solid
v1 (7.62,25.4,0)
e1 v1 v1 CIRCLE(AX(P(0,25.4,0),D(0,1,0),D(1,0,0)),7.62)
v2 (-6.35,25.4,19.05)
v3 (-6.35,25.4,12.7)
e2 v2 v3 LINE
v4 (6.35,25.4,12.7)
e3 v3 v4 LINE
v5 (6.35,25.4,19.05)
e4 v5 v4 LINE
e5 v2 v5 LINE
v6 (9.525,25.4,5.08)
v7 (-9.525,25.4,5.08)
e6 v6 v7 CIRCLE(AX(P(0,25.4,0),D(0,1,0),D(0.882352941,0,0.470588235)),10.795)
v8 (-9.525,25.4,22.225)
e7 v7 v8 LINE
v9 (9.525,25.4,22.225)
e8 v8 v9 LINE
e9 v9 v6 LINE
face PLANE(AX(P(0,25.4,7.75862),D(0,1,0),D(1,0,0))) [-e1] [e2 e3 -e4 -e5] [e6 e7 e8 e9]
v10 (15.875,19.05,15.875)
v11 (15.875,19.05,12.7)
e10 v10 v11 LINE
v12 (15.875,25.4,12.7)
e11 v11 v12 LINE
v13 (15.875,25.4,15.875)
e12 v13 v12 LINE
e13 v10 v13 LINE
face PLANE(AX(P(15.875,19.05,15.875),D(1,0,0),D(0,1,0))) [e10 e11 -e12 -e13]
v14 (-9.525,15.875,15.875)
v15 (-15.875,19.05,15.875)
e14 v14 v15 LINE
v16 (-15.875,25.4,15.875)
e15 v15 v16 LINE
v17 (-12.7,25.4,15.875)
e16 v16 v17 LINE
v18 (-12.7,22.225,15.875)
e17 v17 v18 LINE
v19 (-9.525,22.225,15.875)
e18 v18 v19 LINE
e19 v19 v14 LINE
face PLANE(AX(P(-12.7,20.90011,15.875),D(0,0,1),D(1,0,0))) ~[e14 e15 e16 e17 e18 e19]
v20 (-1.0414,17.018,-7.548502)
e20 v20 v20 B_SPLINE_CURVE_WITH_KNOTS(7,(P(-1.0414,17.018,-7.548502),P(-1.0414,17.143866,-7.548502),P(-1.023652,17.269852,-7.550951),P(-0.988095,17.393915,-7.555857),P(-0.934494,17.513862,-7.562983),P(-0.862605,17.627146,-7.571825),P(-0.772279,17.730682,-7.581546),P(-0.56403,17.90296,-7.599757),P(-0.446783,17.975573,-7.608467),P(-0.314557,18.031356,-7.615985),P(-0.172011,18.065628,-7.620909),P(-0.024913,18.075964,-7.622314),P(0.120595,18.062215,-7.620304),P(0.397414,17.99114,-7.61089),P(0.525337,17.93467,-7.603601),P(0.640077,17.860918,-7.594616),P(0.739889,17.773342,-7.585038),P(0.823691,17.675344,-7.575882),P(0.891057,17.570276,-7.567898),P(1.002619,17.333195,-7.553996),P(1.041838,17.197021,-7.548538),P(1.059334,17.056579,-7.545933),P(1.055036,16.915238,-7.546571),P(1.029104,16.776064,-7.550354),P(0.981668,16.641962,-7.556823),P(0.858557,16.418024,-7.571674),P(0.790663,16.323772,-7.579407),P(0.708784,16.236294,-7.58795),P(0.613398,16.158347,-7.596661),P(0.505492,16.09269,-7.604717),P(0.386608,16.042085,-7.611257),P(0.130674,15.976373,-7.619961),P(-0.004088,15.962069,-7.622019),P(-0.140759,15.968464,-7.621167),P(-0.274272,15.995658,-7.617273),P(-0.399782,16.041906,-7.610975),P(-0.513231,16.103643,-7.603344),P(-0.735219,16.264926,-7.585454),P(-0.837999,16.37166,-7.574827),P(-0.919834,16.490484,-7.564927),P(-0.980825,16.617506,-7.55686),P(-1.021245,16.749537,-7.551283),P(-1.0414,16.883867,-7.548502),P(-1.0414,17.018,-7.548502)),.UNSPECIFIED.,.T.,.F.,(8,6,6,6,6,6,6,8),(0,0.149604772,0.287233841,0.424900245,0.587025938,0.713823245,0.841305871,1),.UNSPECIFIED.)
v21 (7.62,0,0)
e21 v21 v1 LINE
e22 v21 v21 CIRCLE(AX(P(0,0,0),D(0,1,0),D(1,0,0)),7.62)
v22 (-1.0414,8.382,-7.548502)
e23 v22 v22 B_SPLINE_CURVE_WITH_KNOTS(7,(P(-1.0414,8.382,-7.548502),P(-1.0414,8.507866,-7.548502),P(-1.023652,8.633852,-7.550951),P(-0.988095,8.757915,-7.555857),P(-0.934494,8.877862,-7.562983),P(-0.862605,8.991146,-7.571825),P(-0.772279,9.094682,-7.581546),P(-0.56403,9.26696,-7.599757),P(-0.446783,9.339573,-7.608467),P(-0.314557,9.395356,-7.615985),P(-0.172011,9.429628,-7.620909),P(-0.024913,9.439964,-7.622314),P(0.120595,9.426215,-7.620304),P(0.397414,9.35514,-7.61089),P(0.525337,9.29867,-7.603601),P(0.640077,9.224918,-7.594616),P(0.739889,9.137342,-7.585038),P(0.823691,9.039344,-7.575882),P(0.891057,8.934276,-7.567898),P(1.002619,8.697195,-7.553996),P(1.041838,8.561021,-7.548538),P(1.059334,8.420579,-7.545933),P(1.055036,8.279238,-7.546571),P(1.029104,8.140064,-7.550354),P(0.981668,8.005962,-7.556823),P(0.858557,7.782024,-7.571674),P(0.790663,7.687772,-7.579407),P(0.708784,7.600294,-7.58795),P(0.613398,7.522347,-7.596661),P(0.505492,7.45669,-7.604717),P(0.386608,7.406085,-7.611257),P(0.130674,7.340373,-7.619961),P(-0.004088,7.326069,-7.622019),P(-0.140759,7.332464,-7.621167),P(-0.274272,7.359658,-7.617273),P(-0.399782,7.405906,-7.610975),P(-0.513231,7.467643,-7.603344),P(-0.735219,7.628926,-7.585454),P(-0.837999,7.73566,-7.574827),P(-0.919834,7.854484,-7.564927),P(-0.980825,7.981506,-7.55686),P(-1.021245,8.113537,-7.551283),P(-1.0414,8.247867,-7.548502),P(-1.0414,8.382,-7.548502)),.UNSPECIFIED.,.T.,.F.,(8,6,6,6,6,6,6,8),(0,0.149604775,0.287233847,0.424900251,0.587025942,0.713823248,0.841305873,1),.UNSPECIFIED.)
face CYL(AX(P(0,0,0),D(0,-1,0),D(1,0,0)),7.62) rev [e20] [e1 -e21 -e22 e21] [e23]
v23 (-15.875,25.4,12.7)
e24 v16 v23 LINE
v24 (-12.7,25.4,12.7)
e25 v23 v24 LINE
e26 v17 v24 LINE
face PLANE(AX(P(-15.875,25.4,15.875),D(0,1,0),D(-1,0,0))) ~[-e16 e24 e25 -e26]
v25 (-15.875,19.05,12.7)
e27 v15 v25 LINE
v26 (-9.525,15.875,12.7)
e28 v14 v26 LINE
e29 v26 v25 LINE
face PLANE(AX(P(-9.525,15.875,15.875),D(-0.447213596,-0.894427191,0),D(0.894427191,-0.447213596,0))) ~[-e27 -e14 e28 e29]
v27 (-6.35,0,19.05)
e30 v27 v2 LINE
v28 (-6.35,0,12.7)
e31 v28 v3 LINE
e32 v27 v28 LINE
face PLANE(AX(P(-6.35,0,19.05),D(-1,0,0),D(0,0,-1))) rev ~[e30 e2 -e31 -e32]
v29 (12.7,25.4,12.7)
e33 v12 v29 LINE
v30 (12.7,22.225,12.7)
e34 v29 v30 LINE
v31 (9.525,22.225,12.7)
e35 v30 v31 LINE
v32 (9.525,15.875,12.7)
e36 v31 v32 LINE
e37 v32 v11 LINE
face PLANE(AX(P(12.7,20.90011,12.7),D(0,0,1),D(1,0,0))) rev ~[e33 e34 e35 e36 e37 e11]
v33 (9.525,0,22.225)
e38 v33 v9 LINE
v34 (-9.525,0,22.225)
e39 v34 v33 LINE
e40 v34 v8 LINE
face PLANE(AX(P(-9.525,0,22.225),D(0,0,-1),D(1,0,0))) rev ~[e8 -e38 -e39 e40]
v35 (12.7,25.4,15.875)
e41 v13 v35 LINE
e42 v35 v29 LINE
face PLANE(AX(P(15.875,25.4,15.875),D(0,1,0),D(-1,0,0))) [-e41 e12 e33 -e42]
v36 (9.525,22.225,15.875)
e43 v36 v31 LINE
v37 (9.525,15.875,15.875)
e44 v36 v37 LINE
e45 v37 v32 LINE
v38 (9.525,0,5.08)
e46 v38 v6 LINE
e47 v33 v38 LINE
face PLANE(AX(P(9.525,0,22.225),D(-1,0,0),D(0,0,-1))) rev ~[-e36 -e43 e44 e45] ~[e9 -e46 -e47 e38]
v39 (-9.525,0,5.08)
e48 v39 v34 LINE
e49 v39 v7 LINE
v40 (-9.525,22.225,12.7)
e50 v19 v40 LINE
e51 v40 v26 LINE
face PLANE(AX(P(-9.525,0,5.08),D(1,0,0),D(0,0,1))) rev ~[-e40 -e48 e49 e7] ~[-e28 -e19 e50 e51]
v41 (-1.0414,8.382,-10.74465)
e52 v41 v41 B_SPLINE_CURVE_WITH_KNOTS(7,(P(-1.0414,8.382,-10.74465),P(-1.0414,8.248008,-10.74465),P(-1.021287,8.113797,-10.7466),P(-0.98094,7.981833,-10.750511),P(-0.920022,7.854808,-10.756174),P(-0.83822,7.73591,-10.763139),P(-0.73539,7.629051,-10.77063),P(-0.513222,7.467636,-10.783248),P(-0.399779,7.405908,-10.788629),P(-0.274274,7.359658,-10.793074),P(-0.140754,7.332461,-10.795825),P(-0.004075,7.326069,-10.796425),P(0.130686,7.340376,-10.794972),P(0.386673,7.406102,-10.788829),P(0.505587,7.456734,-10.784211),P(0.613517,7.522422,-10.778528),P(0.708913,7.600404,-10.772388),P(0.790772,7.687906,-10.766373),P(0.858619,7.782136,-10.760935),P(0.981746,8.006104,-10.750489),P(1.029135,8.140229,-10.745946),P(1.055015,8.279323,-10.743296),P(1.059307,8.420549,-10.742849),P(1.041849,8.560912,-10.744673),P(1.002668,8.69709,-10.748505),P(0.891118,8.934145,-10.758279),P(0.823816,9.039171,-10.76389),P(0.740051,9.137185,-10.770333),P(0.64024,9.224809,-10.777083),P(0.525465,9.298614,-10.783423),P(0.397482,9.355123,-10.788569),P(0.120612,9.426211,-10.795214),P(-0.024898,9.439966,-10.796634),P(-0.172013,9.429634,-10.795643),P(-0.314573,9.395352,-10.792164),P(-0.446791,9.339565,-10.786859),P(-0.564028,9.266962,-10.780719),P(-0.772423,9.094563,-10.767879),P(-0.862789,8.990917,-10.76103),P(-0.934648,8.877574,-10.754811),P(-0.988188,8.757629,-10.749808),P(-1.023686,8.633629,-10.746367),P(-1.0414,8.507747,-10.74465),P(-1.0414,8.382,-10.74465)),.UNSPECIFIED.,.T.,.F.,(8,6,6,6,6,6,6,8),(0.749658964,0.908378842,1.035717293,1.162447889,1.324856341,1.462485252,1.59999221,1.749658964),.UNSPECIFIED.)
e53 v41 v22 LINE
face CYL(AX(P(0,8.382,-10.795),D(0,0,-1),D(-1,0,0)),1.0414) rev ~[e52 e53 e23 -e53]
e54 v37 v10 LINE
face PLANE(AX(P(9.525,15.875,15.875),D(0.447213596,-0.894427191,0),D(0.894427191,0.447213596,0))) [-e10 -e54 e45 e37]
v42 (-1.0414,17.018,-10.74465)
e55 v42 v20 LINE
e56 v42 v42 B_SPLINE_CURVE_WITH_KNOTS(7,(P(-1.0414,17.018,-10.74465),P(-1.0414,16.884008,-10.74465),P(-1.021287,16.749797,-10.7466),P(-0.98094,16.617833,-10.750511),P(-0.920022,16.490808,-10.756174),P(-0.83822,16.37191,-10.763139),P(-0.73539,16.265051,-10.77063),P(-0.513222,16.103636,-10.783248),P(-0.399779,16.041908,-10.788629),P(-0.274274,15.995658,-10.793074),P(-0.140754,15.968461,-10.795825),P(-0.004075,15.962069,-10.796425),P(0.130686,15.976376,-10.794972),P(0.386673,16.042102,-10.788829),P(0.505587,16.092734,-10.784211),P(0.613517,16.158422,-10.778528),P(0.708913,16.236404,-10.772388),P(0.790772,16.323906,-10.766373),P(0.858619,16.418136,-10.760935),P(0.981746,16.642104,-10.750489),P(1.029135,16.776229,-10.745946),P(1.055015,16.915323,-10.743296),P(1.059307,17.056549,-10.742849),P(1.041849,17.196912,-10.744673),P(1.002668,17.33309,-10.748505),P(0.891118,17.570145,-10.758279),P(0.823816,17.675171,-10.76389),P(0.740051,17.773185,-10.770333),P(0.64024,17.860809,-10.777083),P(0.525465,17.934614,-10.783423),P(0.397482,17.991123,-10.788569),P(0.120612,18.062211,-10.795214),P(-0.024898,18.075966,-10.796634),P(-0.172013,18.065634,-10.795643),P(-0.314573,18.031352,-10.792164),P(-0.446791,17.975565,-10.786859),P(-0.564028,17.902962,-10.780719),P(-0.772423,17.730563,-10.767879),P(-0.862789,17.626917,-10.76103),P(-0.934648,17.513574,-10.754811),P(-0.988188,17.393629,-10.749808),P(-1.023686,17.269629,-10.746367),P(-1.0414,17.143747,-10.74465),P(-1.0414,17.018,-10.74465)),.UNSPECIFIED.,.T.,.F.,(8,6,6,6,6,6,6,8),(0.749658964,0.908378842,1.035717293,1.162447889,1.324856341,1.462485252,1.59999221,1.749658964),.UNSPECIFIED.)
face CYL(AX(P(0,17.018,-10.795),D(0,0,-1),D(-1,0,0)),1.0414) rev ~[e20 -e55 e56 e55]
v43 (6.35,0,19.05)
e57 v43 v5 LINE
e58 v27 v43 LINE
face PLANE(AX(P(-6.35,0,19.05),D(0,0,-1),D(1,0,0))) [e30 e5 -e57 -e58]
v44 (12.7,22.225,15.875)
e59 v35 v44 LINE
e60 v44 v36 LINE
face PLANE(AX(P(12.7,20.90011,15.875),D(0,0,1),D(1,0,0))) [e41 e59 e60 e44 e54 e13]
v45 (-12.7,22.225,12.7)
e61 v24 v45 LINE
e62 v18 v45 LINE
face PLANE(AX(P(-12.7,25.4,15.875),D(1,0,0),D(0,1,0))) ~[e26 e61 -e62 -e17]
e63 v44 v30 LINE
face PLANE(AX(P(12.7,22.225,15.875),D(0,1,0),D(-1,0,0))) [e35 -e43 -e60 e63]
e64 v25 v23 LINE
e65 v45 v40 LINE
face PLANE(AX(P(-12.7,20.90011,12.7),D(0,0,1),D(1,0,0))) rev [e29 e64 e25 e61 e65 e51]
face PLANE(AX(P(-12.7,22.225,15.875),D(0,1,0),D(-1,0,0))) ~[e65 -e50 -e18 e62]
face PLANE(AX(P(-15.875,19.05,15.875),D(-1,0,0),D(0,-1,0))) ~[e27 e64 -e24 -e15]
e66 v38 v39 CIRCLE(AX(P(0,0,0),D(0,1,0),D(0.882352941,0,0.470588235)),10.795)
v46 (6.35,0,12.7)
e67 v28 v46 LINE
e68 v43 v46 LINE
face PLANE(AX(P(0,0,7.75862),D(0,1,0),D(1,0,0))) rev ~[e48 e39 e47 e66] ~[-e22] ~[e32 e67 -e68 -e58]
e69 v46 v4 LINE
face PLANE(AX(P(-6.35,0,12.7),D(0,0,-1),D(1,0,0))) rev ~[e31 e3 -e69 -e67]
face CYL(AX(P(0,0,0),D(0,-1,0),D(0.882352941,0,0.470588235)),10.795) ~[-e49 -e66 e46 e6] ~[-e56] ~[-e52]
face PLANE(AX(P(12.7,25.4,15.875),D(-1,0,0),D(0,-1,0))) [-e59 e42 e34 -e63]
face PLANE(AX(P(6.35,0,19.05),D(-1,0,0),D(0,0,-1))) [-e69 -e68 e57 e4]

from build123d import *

# Parameters (mm, degrees)
SKETCH1_R           = 7.62
SKETCH1_W           = 12.7
SKETCH1_H           = 6.35
BOSS_EXTRUDE1_DEPTH = 25.4
BOSS_EXTRUDE2_DEPTH = 3.175
CUT_EXTRUDE1_REACH  = 35.02
SKETCH4_R           = 1.0414


with BuildPart() as part:
    # Sketch1 → Boss-Extrude1 (new body)
    with BuildSketch(Plane(origin=(0, 0, 0), x_dir=(1, 0, 0), z_dir=(0, 1, 0))):
        with BuildLine():
            Line((-9.525, -22.225), (9.525, -22.225))
            Line((9.525, -22.225), (9.525, -5.08))
            ThreePointArc((9.525, -5.08), (0, 10.795), (-9.525, -5.08))
            Line((-9.525, -5.08), (-9.525, -22.225))
        make_face()
        Circle(SKETCH1_R, mode=Mode.SUBTRACT)
        with Locations((0, -15.875)):
            Rectangle(SKETCH1_W, SKETCH1_H, mode=Mode.SUBTRACT)
    extrude(amount=BOSS_EXTRUDE1_DEPTH)

    # Sketch3 → Boss-Extrude2 (add)
    with BuildSketch(Plane(origin=(0, 0, 15.875), x_dir=(-1, 0, 0), z_dir=(0, 0, -1))):
        Polygon((-9.525, 22.225), (-9.525, 15.875), (-15.875, 19.05), (-15.875, 25.4), (-12.7, 25.4), (-12.7, 22.225), align=None)
    boss_extrude2 = extrude(amount=BOSS_EXTRUDE2_DEPTH)

    # Mirror1: Boss-Extrude2 across plane
    add(boss_extrude2.mirror(Plane(origin=(0, 0, 0), x_dir=(0, 0, 1), z_dir=(1, 0, 0))))

    # Sketch4 → Cut-Extrude1 (cut, up to next)
    with BuildSketch(Plane(origin=(0, 0, -10.795), x_dir=(-1, 0, 0), z_dir=(0, 0, -1)), mode=Mode.PRIVATE) as cut_extrude1_sk1:
        with Locations((0, 8.382)):
            Circle(SKETCH4_R)
    cut_extrude1_tool1 = extrude(cut_extrude1_sk1.sketch, amount=-CUT_EXTRUDE1_REACH, mode=Mode.PRIVATE) & part.part
    add(cut_extrude1_tool1.solids().sort_by_distance((0, 8.382, -10.795))[0], mode=Mode.SUBTRACT)
    # Sketch4 → Cut-Extrude1 (cut, up to next)
    with BuildSketch(Plane(origin=(0, 0, -10.795), x_dir=(-1, 0, 0), z_dir=(0, 0, -1)), mode=Mode.PRIVATE) as cut_extrude1_sk2:
        with Locations((0, 17.018)):
            Circle(SKETCH4_R)
    cut_extrude1_tool2 = extrude(cut_extrude1_sk2.sketch, amount=-CUT_EXTRUDE1_REACH, mode=Mode.PRIVATE) & part.part
    add(cut_extrude1_tool2.solids().sort_by_distance((0, 17.018, -10.795))[0], mode=Mode.SUBTRACT)


solid = part.part
